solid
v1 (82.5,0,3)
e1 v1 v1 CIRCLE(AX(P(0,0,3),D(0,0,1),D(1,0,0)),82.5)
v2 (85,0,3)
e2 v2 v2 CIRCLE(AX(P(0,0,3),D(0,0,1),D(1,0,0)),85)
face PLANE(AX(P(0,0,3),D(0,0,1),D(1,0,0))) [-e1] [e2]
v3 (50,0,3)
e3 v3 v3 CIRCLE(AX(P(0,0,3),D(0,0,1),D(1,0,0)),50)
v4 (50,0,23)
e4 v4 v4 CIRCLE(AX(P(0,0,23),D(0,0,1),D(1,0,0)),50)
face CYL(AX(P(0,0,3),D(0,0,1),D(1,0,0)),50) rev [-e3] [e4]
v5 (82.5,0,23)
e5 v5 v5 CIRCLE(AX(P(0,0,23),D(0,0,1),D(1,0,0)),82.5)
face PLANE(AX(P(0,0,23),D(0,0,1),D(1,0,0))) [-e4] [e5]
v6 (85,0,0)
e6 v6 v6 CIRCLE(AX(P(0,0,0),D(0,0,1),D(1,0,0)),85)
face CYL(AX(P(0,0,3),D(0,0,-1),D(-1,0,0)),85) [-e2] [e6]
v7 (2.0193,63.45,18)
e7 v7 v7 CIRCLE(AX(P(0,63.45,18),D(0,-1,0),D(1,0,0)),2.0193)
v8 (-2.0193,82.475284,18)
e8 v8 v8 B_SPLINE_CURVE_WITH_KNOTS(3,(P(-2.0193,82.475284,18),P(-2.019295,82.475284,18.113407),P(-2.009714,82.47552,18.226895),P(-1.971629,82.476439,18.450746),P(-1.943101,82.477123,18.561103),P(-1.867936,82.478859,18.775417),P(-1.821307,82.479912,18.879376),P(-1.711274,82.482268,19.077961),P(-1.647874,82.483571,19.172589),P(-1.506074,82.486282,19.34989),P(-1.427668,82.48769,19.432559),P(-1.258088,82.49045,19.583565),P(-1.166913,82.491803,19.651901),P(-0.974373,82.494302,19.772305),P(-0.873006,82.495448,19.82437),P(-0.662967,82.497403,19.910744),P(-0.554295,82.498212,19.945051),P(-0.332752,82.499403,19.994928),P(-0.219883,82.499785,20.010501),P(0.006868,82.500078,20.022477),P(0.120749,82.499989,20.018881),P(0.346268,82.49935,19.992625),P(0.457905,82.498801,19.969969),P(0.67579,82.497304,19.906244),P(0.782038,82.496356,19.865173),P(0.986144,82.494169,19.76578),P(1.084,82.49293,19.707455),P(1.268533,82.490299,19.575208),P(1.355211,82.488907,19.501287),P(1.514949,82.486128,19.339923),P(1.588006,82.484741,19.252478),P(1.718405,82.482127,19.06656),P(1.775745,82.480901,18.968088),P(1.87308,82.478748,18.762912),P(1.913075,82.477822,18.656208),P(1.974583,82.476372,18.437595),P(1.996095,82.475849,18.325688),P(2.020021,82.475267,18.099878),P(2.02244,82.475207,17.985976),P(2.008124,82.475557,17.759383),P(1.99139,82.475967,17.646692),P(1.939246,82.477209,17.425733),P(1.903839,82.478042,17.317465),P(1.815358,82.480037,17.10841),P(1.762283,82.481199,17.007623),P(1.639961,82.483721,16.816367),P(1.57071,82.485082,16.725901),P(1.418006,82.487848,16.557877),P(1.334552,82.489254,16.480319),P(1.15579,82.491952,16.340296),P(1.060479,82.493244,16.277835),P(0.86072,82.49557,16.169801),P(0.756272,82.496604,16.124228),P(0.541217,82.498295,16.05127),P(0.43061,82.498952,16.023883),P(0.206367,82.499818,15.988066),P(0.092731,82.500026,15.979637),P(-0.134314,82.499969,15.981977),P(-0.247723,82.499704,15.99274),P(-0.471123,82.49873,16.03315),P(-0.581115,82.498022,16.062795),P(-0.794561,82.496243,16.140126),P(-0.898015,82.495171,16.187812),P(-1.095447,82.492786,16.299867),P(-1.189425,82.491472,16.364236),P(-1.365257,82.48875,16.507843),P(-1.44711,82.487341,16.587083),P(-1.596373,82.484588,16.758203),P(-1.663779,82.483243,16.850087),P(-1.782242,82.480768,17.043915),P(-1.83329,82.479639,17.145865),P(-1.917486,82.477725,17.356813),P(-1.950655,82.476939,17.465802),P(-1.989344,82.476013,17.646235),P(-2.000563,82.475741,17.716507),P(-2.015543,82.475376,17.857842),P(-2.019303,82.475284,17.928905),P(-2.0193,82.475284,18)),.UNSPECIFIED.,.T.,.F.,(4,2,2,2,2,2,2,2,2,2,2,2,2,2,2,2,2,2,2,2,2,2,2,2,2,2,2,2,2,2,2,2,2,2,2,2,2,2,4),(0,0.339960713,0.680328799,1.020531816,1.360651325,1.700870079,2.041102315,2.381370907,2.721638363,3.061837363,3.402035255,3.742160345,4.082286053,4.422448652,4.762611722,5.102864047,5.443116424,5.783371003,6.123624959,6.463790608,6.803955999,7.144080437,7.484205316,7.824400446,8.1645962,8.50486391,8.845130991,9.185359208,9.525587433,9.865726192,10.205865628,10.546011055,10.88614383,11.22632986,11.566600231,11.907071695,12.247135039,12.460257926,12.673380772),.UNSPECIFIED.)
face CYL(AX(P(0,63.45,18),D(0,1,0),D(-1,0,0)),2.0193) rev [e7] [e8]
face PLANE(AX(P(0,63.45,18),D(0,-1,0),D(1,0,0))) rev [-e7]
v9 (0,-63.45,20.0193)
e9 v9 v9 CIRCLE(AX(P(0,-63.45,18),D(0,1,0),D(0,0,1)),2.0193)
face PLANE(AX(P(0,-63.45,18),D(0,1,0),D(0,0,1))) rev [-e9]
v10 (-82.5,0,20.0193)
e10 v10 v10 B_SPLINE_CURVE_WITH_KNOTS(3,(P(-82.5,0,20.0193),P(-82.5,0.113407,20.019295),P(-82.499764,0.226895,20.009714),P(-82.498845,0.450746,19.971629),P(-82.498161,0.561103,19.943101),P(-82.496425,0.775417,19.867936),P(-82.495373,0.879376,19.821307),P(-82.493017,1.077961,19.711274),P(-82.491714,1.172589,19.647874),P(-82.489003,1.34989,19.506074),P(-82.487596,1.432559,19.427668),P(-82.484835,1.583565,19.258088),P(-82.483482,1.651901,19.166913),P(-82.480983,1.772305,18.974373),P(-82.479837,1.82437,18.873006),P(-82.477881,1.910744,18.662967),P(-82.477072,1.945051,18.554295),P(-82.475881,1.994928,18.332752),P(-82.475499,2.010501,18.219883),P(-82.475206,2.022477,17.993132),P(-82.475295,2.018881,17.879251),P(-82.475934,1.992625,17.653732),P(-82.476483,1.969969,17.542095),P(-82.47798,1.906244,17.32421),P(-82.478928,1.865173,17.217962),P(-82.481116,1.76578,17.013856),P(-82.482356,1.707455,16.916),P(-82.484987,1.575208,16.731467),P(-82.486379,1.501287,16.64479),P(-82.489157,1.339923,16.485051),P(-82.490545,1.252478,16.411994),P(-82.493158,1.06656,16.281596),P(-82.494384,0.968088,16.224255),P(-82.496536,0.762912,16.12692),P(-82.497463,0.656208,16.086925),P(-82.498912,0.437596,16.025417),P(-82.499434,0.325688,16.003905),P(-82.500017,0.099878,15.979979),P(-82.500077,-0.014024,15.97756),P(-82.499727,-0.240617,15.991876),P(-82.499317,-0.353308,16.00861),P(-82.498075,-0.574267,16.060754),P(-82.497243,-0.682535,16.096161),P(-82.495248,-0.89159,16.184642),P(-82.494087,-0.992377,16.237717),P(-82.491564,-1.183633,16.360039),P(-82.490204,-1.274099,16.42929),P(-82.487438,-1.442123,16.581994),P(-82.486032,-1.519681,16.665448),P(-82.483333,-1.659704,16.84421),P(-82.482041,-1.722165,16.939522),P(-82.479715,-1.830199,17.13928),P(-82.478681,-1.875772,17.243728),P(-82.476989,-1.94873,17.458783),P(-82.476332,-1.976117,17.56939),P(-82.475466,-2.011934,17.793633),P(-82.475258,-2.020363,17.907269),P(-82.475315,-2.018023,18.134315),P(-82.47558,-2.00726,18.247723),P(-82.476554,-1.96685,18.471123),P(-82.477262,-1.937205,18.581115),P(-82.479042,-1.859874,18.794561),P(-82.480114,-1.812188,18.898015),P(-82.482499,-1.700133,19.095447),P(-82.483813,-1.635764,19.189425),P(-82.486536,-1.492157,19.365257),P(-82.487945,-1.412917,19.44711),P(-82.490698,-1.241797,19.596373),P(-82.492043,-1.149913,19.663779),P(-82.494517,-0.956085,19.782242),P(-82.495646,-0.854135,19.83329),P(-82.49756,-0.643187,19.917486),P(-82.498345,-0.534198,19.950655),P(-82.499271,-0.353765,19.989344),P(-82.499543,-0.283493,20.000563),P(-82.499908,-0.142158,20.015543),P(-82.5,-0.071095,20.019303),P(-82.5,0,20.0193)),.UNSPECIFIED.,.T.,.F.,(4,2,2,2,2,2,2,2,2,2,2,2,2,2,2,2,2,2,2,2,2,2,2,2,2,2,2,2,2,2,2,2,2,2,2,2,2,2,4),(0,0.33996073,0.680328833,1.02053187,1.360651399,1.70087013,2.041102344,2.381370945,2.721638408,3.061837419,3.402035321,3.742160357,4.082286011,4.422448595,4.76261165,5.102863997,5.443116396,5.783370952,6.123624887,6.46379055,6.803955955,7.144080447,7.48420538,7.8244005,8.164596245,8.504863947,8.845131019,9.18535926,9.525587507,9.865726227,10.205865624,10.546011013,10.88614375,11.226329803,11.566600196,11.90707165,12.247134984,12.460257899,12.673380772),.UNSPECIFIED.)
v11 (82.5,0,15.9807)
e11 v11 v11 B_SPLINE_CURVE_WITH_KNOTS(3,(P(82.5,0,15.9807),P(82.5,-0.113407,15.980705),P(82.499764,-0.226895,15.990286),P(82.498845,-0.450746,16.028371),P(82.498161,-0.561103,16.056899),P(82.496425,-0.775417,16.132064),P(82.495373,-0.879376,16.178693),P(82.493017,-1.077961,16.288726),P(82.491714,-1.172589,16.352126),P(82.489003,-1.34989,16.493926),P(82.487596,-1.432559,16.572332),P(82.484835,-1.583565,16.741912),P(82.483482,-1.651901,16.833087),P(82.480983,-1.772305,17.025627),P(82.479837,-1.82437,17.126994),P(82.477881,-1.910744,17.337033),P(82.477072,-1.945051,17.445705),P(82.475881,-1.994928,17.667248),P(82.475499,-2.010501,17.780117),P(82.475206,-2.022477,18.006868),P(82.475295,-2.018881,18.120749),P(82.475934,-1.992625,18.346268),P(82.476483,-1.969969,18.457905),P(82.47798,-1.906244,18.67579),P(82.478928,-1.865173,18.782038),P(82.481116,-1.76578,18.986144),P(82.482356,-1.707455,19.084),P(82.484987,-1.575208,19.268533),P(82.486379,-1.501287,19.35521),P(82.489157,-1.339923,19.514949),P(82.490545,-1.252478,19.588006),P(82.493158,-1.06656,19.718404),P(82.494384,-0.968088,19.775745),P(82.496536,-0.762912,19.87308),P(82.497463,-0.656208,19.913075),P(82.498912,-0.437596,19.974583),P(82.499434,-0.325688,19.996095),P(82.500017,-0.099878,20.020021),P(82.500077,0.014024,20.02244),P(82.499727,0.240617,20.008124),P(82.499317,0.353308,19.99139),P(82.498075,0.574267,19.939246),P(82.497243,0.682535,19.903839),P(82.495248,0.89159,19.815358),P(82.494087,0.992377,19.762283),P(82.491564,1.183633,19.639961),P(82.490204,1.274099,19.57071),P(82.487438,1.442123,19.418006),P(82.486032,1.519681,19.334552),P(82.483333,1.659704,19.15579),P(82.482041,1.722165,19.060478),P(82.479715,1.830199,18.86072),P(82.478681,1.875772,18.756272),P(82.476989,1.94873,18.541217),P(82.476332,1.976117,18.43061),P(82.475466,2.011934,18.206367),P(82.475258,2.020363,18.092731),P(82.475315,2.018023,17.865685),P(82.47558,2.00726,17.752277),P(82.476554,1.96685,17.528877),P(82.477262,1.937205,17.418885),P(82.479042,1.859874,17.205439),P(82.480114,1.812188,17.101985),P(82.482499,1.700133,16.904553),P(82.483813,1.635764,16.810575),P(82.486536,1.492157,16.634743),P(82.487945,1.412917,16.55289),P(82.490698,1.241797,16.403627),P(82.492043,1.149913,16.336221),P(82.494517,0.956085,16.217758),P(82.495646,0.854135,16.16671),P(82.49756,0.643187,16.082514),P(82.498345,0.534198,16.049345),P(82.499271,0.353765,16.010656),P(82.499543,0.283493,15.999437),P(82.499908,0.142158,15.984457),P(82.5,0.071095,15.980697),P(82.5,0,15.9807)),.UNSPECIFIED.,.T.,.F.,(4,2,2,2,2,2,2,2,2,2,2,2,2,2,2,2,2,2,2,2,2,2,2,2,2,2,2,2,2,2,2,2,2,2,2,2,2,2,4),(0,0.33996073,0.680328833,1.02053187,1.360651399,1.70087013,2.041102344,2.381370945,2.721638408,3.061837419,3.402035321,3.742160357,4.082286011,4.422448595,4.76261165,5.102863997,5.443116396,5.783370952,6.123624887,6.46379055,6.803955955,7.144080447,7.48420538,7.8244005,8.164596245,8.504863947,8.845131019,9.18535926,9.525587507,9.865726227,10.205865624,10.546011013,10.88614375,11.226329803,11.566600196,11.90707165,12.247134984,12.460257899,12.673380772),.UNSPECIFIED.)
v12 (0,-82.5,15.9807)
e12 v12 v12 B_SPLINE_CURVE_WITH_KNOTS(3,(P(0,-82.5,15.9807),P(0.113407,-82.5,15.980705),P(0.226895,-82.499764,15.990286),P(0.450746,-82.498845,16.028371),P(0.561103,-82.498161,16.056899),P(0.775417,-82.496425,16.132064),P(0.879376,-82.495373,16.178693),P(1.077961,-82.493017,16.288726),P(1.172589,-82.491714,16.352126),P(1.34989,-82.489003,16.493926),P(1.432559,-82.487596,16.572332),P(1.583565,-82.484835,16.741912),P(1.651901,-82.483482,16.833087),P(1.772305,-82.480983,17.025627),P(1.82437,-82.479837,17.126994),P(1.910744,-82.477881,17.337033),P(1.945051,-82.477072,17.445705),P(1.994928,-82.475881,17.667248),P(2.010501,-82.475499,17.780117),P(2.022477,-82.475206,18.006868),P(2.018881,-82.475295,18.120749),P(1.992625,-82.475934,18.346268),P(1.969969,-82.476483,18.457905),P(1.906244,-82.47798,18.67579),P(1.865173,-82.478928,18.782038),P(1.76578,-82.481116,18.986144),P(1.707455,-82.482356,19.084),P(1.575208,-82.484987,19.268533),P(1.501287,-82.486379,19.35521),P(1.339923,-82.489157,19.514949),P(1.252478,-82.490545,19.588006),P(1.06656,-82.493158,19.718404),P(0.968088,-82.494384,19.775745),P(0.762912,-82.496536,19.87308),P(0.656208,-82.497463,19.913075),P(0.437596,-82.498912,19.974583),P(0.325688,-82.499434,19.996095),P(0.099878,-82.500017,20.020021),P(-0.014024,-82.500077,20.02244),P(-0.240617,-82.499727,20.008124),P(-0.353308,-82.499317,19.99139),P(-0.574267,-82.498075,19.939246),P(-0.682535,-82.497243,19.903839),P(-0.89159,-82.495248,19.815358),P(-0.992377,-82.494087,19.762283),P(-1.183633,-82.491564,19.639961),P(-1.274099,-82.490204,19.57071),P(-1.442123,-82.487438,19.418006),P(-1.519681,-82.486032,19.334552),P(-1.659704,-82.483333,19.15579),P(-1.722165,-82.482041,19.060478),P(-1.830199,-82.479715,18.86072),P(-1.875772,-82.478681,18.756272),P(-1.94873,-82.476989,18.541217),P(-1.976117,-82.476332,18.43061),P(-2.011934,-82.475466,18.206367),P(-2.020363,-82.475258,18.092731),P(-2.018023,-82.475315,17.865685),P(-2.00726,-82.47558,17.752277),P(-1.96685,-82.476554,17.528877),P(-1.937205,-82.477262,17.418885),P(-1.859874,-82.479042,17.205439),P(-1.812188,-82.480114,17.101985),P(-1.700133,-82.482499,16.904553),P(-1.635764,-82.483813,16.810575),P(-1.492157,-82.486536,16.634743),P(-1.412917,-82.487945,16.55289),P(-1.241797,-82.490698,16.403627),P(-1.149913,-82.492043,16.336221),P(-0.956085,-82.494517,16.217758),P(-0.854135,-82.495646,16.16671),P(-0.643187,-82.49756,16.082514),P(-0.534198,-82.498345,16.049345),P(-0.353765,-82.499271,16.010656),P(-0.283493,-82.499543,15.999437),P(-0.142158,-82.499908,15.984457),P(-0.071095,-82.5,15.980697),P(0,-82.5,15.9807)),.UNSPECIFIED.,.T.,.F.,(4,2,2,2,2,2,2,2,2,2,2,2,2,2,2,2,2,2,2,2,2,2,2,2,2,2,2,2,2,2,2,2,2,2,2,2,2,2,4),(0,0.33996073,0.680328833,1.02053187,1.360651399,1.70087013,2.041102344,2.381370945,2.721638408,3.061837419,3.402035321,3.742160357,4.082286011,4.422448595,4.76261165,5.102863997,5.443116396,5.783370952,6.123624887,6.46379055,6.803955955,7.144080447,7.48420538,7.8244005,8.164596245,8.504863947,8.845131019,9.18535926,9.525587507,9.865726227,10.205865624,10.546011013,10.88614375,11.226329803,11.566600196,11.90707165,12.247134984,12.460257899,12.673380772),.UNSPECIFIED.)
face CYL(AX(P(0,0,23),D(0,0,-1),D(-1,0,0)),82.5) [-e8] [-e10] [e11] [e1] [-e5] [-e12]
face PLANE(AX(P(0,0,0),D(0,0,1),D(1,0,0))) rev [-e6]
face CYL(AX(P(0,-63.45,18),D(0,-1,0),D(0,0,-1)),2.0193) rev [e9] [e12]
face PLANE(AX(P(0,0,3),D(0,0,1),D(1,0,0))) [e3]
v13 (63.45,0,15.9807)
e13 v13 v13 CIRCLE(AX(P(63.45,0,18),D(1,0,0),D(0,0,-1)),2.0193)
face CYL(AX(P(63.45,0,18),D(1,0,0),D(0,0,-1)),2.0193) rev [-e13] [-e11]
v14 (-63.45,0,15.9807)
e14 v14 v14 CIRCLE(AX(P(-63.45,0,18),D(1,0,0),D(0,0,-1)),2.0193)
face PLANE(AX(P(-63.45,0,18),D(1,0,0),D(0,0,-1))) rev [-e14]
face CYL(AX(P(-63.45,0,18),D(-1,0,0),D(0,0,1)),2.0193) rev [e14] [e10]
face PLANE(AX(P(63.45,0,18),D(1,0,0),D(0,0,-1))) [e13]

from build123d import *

# Parameters (mm, degrees)
SKETCH1_R           = 85
BOSS_EXTRUDE2_DEPTH = 3
SKETCH2_R           = 82.5
BOSS_EXTRUDE3_DEPTH = 20
SKETCH3_R           = 50
CUT_EXTRUDE1_DEPTH  = 20
SKETCH9_R           = 2.0193
CUT_EXTRUDE5_DEPTH  = 19.05
CUT_EXTRUDE6_START  = 19.05
SKETCH10_R          = 2.0193
CUT_EXTRUDE6_DEPTH  = 19.05
SKETCH11_R          = 2.0193
CUT_EXTRUDE7_DEPTH  = 19.05
CUT_EXTRUDE8_START  = 19.05
SKETCH12_R          = 2.0193
CUT_EXTRUDE8_DEPTH  = 19.05


with BuildPart() as part:
    # Sketch1 → Boss-Extrude2 (new body)
    with BuildSketch(Plane.XY):
        Circle(SKETCH1_R)
    extrude(amount=BOSS_EXTRUDE2_DEPTH)

    # Sketch2 → Boss-Extrude3 (add)
    with BuildSketch(Plane.XY.offset(3)):
        Circle(SKETCH2_R)
    extrude(amount=BOSS_EXTRUDE3_DEPTH)

    # Sketch3 → Cut-Extrude1 (cut)
    with BuildSketch(Plane.XY.offset(23)):
        Circle(SKETCH3_R)
    extrude(amount=-CUT_EXTRUDE1_DEPTH, mode=Mode.SUBTRACT)

    # Sketch9 → Cut-Extrude5 (cut)
    with BuildSketch(Plane(origin=(0, 82.5, 0), x_dir=(-1, 0, 0), z_dir=(0, -1, 0))):
        with Locations((0, -18)):
            Circle(SKETCH9_R)
    extrude(amount=CUT_EXTRUDE5_DEPTH, mode=Mode.SUBTRACT)

    # Sketch10 → Cut-Extrude6 (cut)
    with BuildSketch(Plane(origin=(0, -82.5, 0), x_dir=(1, 0, 0), z_dir=(0, 1, 0)).offset(CUT_EXTRUDE6_START)):
        with Locations(Location((0, -18, 0), (0, 0, 180))):
            Circle(SKETCH10_R)
    extrude(amount=-CUT_EXTRUDE6_DEPTH, mode=Mode.SUBTRACT)

    # Sketch11 → Cut-Extrude7 (cut)
    with BuildSketch(Plane(origin=(82.5, 0, 0), x_dir=(0, 0, -1), z_dir=(1, 0, 0))):
        with Locations((-18, 0)):
            Circle(SKETCH11_R)
    extrude(amount=-CUT_EXTRUDE7_DEPTH, mode=Mode.SUBTRACT)

    # Sketch12 → Cut-Extrude8 (cut)
    with BuildSketch(Plane(origin=(-82.5, 0, 0), x_dir=(0, 0, -1), z_dir=(1, 0, 0)).offset(CUT_EXTRUDE8_START)):
        with Locations((-18, 0)):
            Circle(SKETCH12_R)
    extrude(amount=-CUT_EXTRUDE8_DEPTH, mode=Mode.SUBTRACT)


solid = part.part
